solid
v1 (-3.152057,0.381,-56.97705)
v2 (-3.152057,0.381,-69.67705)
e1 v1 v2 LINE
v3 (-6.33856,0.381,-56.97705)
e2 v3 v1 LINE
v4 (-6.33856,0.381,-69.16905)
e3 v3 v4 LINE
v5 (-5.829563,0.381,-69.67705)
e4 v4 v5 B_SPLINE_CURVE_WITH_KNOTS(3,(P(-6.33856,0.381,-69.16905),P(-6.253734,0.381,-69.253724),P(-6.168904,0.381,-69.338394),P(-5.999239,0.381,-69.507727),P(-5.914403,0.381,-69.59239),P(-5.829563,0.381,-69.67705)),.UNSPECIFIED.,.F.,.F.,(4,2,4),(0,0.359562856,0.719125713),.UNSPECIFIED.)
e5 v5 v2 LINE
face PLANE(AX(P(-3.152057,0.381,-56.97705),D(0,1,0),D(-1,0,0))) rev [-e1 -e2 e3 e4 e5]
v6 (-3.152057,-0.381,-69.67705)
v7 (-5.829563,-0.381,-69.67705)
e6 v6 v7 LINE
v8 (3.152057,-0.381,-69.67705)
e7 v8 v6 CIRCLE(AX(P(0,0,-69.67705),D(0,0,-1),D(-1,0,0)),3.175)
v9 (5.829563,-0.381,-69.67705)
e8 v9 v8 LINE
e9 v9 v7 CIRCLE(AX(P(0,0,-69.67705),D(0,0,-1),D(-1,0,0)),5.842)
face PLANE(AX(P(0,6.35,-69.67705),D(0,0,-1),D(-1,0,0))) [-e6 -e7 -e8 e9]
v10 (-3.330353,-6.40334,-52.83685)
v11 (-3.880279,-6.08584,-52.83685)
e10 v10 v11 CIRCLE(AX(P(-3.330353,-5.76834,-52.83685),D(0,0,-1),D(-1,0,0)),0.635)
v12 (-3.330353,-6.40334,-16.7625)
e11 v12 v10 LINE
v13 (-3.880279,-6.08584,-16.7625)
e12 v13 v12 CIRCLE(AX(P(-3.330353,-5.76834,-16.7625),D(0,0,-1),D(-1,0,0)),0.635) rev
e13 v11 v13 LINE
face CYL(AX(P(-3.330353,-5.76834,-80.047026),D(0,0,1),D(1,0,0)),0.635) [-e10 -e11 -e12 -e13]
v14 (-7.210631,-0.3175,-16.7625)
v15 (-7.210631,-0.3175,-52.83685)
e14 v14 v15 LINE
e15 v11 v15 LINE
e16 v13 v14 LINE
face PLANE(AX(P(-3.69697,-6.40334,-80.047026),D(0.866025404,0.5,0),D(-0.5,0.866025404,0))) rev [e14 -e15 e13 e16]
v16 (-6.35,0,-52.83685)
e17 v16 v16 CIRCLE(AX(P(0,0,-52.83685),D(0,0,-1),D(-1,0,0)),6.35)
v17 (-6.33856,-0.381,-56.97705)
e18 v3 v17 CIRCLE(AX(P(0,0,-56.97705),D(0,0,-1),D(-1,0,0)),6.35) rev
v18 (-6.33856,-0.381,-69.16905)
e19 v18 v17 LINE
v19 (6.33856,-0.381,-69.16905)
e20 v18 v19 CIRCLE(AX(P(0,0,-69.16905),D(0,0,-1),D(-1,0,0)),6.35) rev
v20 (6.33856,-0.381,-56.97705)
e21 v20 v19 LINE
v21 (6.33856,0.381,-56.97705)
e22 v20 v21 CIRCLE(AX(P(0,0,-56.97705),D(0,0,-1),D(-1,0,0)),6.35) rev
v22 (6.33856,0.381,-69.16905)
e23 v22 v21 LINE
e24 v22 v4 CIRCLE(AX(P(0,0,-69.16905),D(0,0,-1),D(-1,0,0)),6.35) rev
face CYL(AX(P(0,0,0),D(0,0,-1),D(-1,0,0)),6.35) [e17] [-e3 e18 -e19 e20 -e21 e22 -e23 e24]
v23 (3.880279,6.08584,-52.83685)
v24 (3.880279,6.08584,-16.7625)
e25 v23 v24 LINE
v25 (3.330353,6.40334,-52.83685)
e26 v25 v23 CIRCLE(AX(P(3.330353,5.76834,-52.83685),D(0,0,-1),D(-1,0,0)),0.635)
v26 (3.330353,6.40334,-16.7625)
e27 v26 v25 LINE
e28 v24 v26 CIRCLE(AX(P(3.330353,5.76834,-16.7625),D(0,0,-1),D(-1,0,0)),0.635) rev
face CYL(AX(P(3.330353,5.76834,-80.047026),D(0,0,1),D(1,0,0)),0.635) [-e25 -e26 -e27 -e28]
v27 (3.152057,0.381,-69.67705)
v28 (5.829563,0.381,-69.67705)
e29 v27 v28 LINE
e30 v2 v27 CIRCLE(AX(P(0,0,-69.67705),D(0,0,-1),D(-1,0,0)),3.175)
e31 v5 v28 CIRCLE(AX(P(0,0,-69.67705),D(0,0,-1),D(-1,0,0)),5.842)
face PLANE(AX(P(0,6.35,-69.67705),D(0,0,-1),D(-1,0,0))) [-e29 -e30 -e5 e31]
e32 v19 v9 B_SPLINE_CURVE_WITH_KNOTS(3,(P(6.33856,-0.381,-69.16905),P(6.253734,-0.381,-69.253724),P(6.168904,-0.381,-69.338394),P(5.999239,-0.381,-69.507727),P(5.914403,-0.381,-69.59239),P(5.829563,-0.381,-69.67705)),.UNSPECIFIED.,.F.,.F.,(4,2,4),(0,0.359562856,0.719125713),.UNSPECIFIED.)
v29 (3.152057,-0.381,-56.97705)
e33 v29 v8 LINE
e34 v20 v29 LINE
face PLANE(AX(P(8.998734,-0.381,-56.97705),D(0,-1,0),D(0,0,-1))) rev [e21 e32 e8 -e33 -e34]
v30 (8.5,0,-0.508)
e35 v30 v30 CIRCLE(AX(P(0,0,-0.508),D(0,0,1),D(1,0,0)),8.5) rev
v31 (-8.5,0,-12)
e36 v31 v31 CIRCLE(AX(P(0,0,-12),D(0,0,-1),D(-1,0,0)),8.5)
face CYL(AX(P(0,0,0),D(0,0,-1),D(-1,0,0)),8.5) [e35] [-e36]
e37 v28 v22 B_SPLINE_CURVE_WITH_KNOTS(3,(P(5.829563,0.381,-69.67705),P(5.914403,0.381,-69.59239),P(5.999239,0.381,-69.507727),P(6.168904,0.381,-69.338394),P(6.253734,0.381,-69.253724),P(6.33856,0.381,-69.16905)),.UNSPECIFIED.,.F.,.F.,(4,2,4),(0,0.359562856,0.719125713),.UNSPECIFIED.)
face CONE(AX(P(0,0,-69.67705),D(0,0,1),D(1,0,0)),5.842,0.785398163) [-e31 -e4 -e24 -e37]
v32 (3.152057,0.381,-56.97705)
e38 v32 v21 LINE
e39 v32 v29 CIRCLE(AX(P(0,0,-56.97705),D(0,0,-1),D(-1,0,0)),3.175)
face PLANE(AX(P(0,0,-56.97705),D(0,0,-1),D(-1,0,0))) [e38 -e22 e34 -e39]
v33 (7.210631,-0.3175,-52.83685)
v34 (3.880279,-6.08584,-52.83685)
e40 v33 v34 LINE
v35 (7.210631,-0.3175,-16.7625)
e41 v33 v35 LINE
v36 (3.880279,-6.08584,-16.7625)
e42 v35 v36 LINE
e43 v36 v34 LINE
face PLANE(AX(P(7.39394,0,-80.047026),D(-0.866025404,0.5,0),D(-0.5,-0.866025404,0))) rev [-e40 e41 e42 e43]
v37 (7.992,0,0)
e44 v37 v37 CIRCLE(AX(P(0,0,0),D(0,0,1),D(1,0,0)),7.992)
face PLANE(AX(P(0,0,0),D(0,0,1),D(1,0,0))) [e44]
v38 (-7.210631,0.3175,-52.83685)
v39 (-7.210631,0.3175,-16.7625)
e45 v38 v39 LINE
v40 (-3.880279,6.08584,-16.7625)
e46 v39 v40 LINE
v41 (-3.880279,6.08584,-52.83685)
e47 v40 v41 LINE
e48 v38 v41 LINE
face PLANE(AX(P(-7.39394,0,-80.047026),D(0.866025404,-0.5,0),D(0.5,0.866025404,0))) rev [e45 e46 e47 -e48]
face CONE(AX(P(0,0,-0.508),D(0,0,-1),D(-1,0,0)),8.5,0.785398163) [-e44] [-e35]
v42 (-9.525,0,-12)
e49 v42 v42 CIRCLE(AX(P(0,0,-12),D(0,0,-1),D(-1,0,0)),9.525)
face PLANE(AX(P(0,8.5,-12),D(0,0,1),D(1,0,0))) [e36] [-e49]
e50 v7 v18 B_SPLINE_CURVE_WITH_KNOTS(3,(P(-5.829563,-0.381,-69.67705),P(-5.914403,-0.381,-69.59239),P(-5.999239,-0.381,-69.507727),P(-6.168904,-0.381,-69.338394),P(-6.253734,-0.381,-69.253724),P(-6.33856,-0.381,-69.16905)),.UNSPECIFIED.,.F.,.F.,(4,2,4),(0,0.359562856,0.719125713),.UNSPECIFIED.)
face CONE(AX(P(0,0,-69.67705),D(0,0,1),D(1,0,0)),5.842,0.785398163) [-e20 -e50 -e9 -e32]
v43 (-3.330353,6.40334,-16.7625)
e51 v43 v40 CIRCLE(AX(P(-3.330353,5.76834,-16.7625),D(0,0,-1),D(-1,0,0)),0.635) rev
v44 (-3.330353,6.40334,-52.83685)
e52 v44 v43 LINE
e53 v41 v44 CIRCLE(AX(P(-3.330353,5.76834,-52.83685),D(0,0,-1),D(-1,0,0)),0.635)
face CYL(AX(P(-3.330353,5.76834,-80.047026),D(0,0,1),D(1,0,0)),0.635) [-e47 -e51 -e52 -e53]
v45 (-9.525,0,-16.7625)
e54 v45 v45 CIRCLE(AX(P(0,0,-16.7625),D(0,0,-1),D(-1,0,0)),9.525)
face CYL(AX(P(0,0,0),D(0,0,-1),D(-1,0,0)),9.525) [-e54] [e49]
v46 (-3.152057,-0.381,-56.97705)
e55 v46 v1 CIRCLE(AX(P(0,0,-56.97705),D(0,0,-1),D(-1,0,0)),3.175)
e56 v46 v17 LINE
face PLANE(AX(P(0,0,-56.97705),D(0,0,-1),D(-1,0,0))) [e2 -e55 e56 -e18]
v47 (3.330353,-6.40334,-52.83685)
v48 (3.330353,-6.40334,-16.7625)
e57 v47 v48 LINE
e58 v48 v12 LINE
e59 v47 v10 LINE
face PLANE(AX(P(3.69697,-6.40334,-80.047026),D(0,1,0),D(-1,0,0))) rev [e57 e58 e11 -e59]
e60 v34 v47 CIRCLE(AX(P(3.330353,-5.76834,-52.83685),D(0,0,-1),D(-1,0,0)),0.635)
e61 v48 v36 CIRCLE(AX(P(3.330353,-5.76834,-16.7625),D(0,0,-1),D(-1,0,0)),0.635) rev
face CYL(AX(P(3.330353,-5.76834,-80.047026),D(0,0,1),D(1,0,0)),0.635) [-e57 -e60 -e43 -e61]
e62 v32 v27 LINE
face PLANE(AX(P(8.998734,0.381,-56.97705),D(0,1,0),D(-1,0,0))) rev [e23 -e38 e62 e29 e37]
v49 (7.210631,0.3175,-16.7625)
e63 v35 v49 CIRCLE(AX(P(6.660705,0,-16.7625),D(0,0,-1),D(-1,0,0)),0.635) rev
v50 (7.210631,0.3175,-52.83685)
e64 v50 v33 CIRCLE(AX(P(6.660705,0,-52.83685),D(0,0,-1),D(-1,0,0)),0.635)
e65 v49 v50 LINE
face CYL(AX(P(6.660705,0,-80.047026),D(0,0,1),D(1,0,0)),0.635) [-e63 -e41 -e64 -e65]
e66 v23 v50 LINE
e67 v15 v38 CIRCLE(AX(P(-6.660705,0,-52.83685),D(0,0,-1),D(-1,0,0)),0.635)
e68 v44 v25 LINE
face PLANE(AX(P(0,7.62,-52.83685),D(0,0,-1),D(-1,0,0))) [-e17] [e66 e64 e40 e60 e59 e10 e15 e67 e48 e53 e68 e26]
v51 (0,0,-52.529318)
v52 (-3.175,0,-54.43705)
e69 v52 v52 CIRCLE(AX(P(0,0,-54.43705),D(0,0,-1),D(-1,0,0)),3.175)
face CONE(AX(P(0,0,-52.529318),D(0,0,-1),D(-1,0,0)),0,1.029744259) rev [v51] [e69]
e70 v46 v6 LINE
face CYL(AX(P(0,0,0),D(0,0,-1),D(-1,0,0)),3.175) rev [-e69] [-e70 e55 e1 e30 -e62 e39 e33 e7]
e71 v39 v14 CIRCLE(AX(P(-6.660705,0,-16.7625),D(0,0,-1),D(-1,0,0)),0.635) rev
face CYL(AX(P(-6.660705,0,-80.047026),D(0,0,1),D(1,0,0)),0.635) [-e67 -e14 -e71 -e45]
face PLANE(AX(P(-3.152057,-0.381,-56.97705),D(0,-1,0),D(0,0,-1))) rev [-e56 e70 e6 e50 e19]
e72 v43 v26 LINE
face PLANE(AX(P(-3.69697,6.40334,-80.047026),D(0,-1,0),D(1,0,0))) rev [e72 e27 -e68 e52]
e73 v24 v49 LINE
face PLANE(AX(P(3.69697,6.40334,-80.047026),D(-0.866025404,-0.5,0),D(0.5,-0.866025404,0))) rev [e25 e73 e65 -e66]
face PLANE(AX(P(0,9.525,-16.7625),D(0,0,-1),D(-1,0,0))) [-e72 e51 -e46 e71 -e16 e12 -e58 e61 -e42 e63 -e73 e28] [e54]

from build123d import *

# Parameters (mm, degrees)
SKETCH2_OUTSIDE_W  = 35.99
SKETCH2_OUTSIDE_H  = 35.99
CUT_EXTRUDE1_DEPTH = 36.07435
FILLET1_R          = 0.635
CUT_EXTRUDE2_START = -12.7
CUT_EXTRUDE2_DEPTH = 12.7
CHAMFER1_SIZE      = 0.508


with BuildPart() as part:
    # Sketch1 → Revolve1 (revolve)
    with BuildSketch(Plane(origin=(0, 0, 0), x_dir=(0, 0, -1), z_dir=(1, 0, 0)), mode=Mode.PRIVATE) as revolve1_sk:
        Polygon((0, 0), (0, 8.5), (12, 8.5), (12, 9.525), (16.7625, 9.525), (16.7625, 7.62), (40.08605, 7.62), (52.83685, 7.62), (52.83685, 6.35), (69.67705, 6.35), (69.67705, 3.175), (54.43705, 3.175), (52.529317535, 0), align=None)
    revolve(revolve1_sk.sketch.rotate(Axis((0, 0, 0), (0, 0, 1)), 90), axis=Axis((0, 0, 0), (0, 0, 1)))

    # Sketch2 outside → Cut-Extrude1 (cut)
    with BuildSketch(Plane(origin=(0, 0, -16.7625), x_dir=(-1, 0, 0), z_dir=(0, 0, -1))):
        Rectangle(SKETCH2_OUTSIDE_W, SKETCH2_OUTSIDE_H)
        Polygon((3.696970073, 6.40334), (-3.696970073, 6.40334), (-7.393940145, 0), (-3.696970073, -6.40334), (3.696970073, -6.40334), (7.393940145, 0), align=None, mode=Mode.SUBTRACT)
    extrude(amount=CUT_EXTRUDE1_DEPTH, mode=Mode.SUBTRACT)

    # Fillet1
    fillet1_edges = [part.edges().sort_by_distance(p)[0] for p in [
        (-7.393940145, 0, -34.799675),
        (-3.696970073, -6.40334, -34.799675),
        (3.696970073, -6.40334, -34.799675),
        (7.393940145, 0, -34.799675),
        (3.696970073, 6.40334, -34.799675),
        (-3.696970073, 6.40334, -34.799675),
    ]]
    fillet(fillet1_edges, radius=FILLET1_R)

    # Sketch3 → Cut-Extrude2 (cut)
    with BuildSketch(Plane(origin=(0, 0, -69.67705), x_dir=(-1, 0, 0), z_dir=(0, 0, -1)).offset(CUT_EXTRUDE2_START)):
        with BuildLine():
            Line((-8.998734144, 0.381), (-3.152057106, 0.381))
            ThreePointArc((-3.152057106, 0.381), (0, 3.175), (3.152057106, 0.381))
            Line((3.152057106, 0.381), (8.998734144, 0.381))
            Line((8.998734144, 0.381), (8.998734144, -0.381))
            Line((8.998734144, -0.381), (3.152057106, -0.381))
            ThreePointArc((3.152057106, -0.381), (0, -3.175), (-3.152057106, -0.381))
            Line((-3.152057106, -0.381), (-8.998734144, -0.381))
            Line((-8.998734144, -0.381), (-8.998734144, 0.381))
        make_face()
    extrude(amount=CUT_EXTRUDE2_DEPTH, mode=Mode.SUBTRACT)

    # Chamfer1
    chamfer1_edges = [part.edges().sort_by_distance(p)[0] for p in [
        (0, 6.35, -69.67705),
        (8.5, 0, 0),
        (0, -6.35, -69.67705),
    ]]
    chamfer(chamfer1_edges, length=CHAMFER1_SIZE)


solid = part.part
